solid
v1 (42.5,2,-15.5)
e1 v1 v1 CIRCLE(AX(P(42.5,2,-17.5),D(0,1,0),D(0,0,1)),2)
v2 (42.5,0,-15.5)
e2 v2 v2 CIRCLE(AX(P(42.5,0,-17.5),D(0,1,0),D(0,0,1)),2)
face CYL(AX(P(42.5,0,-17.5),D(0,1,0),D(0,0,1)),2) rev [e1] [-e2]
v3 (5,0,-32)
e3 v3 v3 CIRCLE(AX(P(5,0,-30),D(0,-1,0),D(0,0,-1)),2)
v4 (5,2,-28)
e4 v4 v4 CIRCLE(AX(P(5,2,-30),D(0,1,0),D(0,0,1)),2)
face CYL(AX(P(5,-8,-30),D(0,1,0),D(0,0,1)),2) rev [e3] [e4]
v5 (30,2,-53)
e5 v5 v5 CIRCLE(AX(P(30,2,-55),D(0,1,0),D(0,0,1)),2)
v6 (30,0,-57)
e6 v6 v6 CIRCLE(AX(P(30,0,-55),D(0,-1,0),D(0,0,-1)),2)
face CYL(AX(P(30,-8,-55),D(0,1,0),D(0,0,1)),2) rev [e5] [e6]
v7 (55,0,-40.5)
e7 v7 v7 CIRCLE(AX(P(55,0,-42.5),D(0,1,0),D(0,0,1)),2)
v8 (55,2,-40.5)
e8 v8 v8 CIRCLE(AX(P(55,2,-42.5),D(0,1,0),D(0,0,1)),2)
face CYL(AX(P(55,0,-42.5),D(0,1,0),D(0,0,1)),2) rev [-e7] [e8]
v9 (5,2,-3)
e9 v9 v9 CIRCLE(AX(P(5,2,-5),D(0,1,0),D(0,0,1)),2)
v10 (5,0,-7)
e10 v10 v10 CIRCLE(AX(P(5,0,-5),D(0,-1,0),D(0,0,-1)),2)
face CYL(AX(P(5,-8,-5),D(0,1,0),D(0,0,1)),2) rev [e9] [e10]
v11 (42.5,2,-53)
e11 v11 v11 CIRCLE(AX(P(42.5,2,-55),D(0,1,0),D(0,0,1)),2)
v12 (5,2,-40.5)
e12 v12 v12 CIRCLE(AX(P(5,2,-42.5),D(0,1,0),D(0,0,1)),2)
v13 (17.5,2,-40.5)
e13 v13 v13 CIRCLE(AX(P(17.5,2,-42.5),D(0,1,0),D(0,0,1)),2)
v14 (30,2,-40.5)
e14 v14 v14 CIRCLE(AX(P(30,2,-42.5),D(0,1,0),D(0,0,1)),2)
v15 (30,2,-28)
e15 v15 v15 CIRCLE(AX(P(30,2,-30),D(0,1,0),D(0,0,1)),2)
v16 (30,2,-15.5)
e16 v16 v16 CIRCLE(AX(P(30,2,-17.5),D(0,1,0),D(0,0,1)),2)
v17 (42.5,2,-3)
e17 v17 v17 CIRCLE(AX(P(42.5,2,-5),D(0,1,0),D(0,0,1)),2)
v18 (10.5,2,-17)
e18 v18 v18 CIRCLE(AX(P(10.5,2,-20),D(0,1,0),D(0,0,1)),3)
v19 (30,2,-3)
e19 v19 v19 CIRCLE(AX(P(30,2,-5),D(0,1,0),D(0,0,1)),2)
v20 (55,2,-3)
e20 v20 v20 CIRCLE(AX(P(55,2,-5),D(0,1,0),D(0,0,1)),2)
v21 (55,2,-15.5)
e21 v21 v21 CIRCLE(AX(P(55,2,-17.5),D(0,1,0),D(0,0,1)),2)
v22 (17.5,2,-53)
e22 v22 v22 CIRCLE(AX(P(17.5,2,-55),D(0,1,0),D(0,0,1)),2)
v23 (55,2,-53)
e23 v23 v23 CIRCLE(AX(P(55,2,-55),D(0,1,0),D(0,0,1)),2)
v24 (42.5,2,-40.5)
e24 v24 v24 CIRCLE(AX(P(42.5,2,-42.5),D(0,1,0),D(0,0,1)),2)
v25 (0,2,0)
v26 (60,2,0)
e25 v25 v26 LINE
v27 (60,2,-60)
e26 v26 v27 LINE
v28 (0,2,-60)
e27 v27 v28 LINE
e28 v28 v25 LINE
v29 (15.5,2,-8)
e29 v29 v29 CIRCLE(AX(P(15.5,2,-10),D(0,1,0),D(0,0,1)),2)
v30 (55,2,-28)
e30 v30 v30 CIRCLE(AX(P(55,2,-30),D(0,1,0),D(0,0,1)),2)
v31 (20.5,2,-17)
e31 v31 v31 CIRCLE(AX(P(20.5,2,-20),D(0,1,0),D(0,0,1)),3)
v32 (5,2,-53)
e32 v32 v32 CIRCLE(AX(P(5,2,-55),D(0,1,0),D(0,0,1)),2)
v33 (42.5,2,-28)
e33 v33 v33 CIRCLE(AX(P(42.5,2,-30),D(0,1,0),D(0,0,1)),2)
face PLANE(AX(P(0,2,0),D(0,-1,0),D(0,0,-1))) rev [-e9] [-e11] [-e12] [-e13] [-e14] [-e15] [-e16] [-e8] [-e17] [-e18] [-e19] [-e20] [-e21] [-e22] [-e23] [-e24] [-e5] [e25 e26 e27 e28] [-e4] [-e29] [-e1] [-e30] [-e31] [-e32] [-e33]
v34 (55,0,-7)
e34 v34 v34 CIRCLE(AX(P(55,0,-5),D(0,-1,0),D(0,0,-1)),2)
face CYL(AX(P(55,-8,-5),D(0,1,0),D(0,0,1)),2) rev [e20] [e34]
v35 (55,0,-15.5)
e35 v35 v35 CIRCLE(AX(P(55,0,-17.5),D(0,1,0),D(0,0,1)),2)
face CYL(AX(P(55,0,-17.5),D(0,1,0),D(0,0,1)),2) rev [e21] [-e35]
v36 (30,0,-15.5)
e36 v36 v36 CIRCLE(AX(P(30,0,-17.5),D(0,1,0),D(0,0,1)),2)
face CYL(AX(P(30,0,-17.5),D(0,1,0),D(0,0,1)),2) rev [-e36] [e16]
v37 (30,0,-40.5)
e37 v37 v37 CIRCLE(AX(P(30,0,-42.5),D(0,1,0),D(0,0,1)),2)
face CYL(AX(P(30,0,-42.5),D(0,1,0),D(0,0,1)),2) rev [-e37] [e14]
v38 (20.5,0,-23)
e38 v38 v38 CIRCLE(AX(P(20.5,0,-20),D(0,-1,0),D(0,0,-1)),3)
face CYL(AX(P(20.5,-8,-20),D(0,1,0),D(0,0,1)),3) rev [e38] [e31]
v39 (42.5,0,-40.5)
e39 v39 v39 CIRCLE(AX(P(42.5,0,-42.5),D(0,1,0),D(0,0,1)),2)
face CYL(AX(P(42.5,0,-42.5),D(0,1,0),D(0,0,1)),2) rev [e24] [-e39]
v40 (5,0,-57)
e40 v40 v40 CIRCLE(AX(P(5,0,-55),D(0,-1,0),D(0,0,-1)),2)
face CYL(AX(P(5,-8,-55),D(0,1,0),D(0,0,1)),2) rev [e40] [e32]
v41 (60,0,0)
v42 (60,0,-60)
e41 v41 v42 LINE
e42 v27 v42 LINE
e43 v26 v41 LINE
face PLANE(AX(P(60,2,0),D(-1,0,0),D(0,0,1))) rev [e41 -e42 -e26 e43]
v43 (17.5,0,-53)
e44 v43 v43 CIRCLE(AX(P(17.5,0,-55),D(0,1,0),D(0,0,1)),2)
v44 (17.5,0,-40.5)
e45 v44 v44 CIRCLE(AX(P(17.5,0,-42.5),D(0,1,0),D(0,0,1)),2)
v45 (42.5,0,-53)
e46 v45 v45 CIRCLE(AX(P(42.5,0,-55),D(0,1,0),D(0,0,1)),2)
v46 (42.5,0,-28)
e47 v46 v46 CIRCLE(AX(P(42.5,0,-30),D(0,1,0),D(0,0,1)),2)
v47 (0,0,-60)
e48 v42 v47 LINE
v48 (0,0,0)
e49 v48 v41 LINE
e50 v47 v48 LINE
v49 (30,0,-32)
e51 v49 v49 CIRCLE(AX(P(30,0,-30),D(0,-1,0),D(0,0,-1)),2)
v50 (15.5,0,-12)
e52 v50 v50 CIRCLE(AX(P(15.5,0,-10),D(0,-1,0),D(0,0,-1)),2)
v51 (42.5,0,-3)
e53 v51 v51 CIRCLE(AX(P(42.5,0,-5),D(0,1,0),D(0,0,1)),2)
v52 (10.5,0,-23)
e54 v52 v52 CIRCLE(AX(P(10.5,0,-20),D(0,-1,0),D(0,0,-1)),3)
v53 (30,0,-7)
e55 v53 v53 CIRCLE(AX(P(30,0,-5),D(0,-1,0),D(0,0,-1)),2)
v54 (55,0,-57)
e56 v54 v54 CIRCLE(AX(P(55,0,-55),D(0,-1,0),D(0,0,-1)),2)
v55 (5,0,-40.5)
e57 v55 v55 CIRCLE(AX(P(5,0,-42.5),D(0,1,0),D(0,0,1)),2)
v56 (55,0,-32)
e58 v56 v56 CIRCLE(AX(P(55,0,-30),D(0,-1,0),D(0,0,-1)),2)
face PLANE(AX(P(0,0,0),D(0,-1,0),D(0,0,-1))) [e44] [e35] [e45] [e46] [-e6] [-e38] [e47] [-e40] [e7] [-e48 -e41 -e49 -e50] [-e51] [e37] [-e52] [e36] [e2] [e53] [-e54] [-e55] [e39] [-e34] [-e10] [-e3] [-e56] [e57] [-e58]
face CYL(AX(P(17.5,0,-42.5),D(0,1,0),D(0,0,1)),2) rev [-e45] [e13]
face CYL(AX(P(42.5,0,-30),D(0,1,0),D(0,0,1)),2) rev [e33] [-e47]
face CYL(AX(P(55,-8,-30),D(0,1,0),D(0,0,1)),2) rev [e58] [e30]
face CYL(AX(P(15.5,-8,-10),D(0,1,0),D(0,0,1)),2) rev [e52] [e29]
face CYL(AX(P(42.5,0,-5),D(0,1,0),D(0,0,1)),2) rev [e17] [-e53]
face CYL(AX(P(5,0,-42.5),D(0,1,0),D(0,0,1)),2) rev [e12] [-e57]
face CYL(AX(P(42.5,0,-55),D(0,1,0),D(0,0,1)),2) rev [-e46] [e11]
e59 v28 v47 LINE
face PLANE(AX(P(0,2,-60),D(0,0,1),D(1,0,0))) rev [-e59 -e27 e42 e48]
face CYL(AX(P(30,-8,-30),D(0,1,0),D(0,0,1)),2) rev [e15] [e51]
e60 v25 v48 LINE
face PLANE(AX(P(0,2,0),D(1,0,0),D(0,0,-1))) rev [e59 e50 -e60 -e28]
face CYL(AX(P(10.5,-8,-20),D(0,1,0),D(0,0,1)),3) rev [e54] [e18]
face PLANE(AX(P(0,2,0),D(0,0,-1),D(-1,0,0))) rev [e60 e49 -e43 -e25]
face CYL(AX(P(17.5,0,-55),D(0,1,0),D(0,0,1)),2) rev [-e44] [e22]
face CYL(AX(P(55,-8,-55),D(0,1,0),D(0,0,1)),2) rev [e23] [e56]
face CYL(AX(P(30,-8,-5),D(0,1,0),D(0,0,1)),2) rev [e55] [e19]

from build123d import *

# Parameters (mm, degrees)
ESQUISSE1_W             = 60
ESQUISSE1_H             = 60
BOSS_EXTRU_1_DEPTH      = 2
ESQUISSE4_R             = 3
ESQUISSE4_R_2           = 2
ENL_V_MAT_EXTRU_1_DEPTH = 10
ESQUISSE5_R             = 2
ENL_V_MAT_EXTRU_2_DEPTH = 10
ESQUISSE12_R            = 2
ENL_V_MAT_EXTRU_5_DEPTH = 2


with BuildPart() as part:
    # Esquisse1 → Boss.-Extru.1 (new body)
    with BuildSketch(Plane(origin=(0, 0, 0), x_dir=(1, 0, 0), z_dir=(0, 1, 0))):
        with Locations((30, 30)):
            Rectangle(ESQUISSE1_W, ESQUISSE1_H)
    extrude(amount=BOSS_EXTRU_1_DEPTH)

    # Esquisse4 → Enlèv. mat.-Extru.1 (cut)
    with BuildSketch(Plane(origin=(0, 2, 0), x_dir=(1, 0, 0), z_dir=(0, 1, 0))):
        with Locations(Location((10.5, 20, 0), (0, 0, 270))):  # turned: the seam where the file's is
            Circle(ESQUISSE4_R)
        with Locations(Location((20.5, 20, 0), (0, 0, 270))):  # turned: the seam where the file's is
            Circle(ESQUISSE4_R)
        with Locations(Location((15.5, 10, 0), (0, 0, 270))):  # turned: the seam where the file's is
            Circle(ESQUISSE4_R_2)
    extrude(amount=-ENL_V_MAT_EXTRU_1_DEPTH, mode=Mode.SUBTRACT)

    # Esquisse5 → Enlèv. mat.-Extru.2 (cut)
    with BuildSketch(Plane(origin=(0, 2, 0), x_dir=(1, 0, 0), z_dir=(0, 1, 0))):
        with Locations(Location((5, 5, 0), (0, 0, 270))):  # turned: the seam where the file's is
            Circle(ESQUISSE5_R)
        with Locations(Location((55, 5, 0), (0, 0, 270))):  # turned: the seam where the file's is
            Circle(ESQUISSE5_R)
        with Locations(Location((55, 55, 0), (0, 0, 270))):  # turned: the seam where the file's is
            Circle(ESQUISSE5_R)
        with Locations(Location((5, 55, 0), (0, 0, 270))):  # turned: the seam where the file's is
            Circle(ESQUISSE5_R)
        with Locations(Location((30, 55, 0), (0, 0, 270))):  # turned: the seam where the file's is
            Circle(ESQUISSE5_R)
        with Locations(Location((30, 5, 0), (0, 0, 270))):  # turned: the seam where the file's is
            Circle(ESQUISSE5_R)
        with Locations(Location((30, 30, 0), (0, 0, 270))):  # turned: the seam where the file's is
            Circle(ESQUISSE5_R)
        with Locations(Location((55, 30, 0), (0, 0, 270))):  # turned: the seam where the file's is
            Circle(ESQUISSE5_R)
        with Locations(Location((5, 30, 0), (0, 0, 270))):  # turned: the seam where the file's is
            Circle(ESQUISSE5_R)
    extrude(amount=-ENL_V_MAT_EXTRU_2_DEPTH, mode=Mode.SUBTRACT)

    # Esquisse12 → Enlèv. mat.-Extru.5 (cut)
    with BuildSketch(Plane(origin=(0, 2, 0), x_dir=(1, 0, 0), z_dir=(0, 1, 0))):
        with Locations(Location((17.5, 55, 0), (0, 0, 270))):  # turned: the seam where the file's is
            Circle(ESQUISSE12_R)
        with Locations(Location((42.5, 55, 0), (0, 0, 270))):  # turned: the seam where the file's is
            Circle(ESQUISSE12_R)
        with Locations(Location((42.5, 42.5, 0), (0, 0, 270))):  # turned: the seam where the file's is
            Circle(ESQUISSE12_R)
        with Locations(Location((17.5, 42.5, 0), (0, 0, 270))):  # turned: the seam where the file's is
            Circle(ESQUISSE12_R)
        with Locations(Location((42.5, 17.5, 0), (0, 0, 270))):  # turned: the seam where the file's is
            Circle(ESQUISSE12_R)
        with Locations(Location((55, 17.5, 0), (0, 0, 270))):  # turned: the seam where the file's is
            Circle(ESQUISSE12_R)
        with Locations(Location((55, 42.5, 0), (0, 0, 270))):  # turned: the seam where the file's is
            Circle(ESQUISSE12_R)
        with Locations(Location((42.5, 5, 0), (0, 0, 270))):  # turned: the seam where the file's is
            Circle(ESQUISSE12_R)
        with Locations(Location((42.5, 30, 0), (0, 0, 270))):  # turned: the seam where the file's is
            Circle(ESQUISSE12_R)
        with Locations(Location((5, 42.5, 0), (0, 0, 270))):  # turned: the seam where the file's is
            Circle(ESQUISSE12_R)
        with Locations(Location((30, 42.5, 0), (0, 0, 270))):  # turned: the seam where the file's is
            Circle(ESQUISSE12_R)
        with Locations(Location((30, 17.5, 0), (0, 0, 270))):  # turned: the seam where the file's is
            Circle(ESQUISSE12_R)
    extrude(amount=-ENL_V_MAT_EXTRU_5_DEPTH, mode=Mode.SUBTRACT)


solid = part.part
